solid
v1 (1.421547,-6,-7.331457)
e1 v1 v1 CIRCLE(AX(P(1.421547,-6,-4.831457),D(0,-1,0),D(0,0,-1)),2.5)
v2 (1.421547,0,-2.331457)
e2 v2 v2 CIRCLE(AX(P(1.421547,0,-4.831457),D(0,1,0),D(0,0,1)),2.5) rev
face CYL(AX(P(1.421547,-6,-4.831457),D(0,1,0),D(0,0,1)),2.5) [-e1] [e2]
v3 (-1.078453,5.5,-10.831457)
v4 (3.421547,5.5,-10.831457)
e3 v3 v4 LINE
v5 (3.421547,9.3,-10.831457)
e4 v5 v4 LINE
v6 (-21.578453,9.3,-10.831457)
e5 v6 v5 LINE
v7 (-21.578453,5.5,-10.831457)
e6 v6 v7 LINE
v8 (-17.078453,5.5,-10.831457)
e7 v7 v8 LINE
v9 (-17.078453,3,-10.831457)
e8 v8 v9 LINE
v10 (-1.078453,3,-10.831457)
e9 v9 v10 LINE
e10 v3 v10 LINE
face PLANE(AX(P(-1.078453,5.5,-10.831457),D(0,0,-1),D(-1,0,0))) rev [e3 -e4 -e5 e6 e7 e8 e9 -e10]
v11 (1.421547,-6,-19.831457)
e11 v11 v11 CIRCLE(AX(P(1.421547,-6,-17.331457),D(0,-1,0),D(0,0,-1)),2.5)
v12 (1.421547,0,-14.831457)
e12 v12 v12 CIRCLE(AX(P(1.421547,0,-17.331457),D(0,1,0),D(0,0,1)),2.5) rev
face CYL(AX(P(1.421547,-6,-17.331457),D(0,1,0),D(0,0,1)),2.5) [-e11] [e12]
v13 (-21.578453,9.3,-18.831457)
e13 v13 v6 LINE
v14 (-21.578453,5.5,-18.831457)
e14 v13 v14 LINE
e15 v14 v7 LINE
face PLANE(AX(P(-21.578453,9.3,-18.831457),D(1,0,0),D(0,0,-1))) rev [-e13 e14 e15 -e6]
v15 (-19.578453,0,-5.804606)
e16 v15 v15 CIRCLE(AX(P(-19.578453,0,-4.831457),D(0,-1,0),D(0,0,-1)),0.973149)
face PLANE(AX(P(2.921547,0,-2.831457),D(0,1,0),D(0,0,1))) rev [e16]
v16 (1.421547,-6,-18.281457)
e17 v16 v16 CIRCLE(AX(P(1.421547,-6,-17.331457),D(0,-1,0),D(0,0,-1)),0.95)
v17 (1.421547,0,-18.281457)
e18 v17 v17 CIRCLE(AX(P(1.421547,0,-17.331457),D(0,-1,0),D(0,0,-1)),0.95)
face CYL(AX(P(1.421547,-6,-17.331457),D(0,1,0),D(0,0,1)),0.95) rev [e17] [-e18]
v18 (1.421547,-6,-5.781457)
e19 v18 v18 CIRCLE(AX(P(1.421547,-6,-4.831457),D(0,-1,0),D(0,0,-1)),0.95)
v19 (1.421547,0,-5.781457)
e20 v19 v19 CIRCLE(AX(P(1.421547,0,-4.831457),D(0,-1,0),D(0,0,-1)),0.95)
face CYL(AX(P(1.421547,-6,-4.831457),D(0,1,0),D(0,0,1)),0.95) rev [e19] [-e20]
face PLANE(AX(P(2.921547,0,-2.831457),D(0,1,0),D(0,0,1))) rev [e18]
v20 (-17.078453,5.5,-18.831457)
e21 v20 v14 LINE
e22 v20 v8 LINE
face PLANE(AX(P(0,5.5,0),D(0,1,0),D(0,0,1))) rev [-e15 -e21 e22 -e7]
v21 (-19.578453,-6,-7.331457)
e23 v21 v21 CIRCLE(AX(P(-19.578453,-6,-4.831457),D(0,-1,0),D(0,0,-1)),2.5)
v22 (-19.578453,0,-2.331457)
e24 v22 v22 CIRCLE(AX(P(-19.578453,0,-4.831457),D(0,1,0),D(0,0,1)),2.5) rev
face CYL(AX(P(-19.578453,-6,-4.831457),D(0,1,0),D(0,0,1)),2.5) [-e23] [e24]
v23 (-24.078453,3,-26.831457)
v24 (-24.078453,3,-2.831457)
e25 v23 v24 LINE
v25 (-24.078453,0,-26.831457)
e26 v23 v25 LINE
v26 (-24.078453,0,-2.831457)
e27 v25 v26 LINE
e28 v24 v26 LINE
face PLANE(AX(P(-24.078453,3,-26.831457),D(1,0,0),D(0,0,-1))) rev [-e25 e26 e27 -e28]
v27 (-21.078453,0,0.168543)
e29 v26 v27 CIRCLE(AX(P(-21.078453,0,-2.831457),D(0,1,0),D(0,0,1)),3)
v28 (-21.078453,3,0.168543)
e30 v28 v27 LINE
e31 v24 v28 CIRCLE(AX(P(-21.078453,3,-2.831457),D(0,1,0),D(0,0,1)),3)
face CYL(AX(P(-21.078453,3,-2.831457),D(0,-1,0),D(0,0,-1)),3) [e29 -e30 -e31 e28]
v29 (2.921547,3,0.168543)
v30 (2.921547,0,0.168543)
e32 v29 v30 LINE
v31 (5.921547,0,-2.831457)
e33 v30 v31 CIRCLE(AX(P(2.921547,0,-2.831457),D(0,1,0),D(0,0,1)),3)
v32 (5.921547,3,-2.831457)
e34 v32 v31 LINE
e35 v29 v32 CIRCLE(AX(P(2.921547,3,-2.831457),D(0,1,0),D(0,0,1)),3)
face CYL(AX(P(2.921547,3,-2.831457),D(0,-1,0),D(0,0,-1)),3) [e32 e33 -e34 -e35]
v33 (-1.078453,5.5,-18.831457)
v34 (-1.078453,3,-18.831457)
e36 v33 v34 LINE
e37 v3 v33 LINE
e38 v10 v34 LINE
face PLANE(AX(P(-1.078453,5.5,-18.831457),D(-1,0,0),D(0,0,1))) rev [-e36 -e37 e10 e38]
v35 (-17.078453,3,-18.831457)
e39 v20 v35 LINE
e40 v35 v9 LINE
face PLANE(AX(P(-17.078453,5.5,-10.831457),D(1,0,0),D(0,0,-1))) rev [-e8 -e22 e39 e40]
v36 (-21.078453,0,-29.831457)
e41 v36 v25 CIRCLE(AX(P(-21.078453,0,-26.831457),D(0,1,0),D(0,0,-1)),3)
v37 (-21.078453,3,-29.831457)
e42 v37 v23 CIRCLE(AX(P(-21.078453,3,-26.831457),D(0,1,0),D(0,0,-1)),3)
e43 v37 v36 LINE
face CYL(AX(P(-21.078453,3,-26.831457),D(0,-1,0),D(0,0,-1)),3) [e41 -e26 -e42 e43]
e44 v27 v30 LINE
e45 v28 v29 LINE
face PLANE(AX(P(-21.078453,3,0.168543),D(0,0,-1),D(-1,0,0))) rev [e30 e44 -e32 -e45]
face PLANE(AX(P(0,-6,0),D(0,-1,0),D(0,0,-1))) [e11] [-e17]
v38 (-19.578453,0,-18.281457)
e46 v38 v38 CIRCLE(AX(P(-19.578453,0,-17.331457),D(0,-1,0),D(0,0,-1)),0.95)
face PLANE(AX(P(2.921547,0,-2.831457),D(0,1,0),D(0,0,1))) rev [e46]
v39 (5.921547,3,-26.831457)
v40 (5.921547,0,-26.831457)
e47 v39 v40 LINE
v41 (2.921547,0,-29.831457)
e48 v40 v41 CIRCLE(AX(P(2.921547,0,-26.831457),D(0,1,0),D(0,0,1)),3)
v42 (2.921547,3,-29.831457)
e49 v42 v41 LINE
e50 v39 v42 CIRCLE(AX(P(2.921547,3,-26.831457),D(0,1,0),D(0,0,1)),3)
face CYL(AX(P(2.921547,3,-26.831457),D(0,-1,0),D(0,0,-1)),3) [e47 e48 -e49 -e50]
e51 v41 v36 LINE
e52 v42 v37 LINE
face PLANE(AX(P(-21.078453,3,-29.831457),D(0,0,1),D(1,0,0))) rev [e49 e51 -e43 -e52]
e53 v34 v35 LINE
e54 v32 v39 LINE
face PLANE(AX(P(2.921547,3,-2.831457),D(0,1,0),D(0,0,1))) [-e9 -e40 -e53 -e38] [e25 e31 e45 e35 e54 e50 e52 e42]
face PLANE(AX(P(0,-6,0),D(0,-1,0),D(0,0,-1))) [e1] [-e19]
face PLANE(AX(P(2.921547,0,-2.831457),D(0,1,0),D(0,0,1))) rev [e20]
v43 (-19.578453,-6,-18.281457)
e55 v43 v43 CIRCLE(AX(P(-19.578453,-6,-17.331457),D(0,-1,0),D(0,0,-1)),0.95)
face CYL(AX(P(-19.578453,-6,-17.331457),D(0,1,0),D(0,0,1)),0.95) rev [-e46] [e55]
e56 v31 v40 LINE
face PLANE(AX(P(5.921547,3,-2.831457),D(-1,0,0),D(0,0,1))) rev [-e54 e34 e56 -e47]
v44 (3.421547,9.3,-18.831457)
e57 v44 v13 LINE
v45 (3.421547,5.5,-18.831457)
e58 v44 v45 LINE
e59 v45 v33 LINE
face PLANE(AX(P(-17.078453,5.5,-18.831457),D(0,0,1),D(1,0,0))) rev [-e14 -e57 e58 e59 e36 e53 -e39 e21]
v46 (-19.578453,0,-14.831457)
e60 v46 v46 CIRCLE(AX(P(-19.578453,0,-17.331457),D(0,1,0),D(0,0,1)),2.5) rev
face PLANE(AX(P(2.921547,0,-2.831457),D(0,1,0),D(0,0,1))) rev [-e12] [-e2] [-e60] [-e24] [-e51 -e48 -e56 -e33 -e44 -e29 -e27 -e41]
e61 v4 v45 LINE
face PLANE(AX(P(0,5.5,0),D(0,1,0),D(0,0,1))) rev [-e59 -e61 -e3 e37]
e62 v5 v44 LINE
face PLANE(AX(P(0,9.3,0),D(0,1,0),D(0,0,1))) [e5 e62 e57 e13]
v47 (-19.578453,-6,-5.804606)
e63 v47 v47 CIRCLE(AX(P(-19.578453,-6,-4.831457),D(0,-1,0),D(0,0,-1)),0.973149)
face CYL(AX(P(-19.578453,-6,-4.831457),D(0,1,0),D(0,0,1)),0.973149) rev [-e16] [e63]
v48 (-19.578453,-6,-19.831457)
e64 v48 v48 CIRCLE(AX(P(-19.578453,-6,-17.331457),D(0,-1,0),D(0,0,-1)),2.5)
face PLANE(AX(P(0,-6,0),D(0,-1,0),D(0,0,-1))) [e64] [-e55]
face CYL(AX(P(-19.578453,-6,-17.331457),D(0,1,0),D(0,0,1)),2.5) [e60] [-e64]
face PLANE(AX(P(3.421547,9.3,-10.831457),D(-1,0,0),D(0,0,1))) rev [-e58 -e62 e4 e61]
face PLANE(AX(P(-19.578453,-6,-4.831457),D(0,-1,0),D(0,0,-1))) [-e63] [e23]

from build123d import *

# Parameters (mm, degrees)
EXTRUDE_2_DEPTH = 3
SKETCH_4_R      = 2.5
SKETCH_4_R_2    = 0.95
SKETCH_4_R_3    = 0.973149492
EXTRUDE_5_DEPTH = 6
SKETCH_6_W      = 16
SKETCH_6_H      = 8
EXTRUDE_6_DEPTH = 2.5
EXTRUDE_7_DEPTH = 3.8


with BuildPart() as part:
    # Эскиз1 → Бобышка-Вытянуть2 (new body)
    with BuildSketch(Plane(origin=(0, 0, 0), x_dir=(1, 0, 0), z_dir=(0, 1, 0))):
        with BuildLine():
            Line((-21.078452696, 29.831456886), (2.921547304, 29.831456886))
            ThreePointArc((2.921547304, 29.831456886), (5.042867648, 28.95277723), (5.921547304, 26.831456886))
            Line((5.921547304, 26.831456886), (5.921547304, 2.831456886))
            ThreePointArc((5.921547304, 2.831456886), (5.042867648, 0.710136543), (2.921547304, -0.168543114))
            Line((2.921547304, -0.168543114), (-21.078452696, -0.168543114))
            ThreePointArc((-21.078452696, -0.168543114), (-23.19977304, 0.710136543), (-24.078452696, 2.831456886))
            Line((-24.078452696, 2.831456886), (-24.078452696, 26.831456886))
            ThreePointArc((-24.078452696, 26.831456886), (-23.19977304, 28.95277723), (-21.078452696, 29.831456886))
        make_face()
    extrude(amount=EXTRUDE_2_DEPTH)

    # Эскиз4 → Бобышка-Вытянуть5 (add)
    # profile 1 of 4: a face of its own
    with BuildSketch(Plane.XZ):
        with Locations(Location((1.421547304, -4.831456886, 0), (0, 0, 90))):
            Circle(SKETCH_4_R)
        with Locations(Location((1.421547304, -4.831456886, 0), (0, 0, 270))):
            Circle(SKETCH_4_R_2, mode=Mode.SUBTRACT)
    # profile 2 of 4: a face of its own
    with BuildSketch(Plane.XZ):
        with Locations(Location((-19.578452696, -4.831456886, 0), (0, 0, 90))):
            Circle(SKETCH_4_R)
        with Locations(Location((-19.578452696, -4.831456886, 0), (0, 0, 270))):
            Circle(SKETCH_4_R_3, mode=Mode.SUBTRACT)
    # profile 3 of 4: a face of its own
    with BuildSketch(Plane.XZ):
        with Locations(Location((1.421547304, -17.331456886, 0), (0, 0, 90))):
            Circle(SKETCH_4_R)
        with Locations(Location((1.421547304, -17.331456886, 0), (0, 0, 270))):
            Circle(SKETCH_4_R_2, mode=Mode.SUBTRACT)
    # profile 4 of 4: a face of its own
    with BuildSketch(Plane.XZ):
        with Locations(Location((-19.578452696, -17.331456886, 0), (0, 0, 90))):
            Circle(SKETCH_4_R)
        with Locations(Location((-19.578452696, -17.331456886, 0), (0, 0, 270))):
            Circle(SKETCH_4_R_2, mode=Mode.SUBTRACT)
    extrude(amount=EXTRUDE_5_DEPTH)

    # Эскиз6 → Бобышка-Вытянуть6 (add)
    with BuildSketch(Plane(origin=(0, 3, 0), x_dir=(1, 0, 0), z_dir=(0, 1, 0))):
        with Locations((-9.078452696, 14.831456886)):
            Rectangle(SKETCH_6_W, SKETCH_6_H)
    extrude(amount=EXTRUDE_6_DEPTH)

    # Эскиз7 → Бобышка-Вытянуть7 (add)
    with BuildSketch(Plane(origin=(0, 5.5, 0), x_dir=(1, 0, 0), z_dir=(0, 1, 0))):
        Polygon((-9.078452696, 18.831456886), (-21.578452696, 18.831456886), (-21.578452696, 10.831456886), (3.421547304, 10.831456886), (3.421547304, 18.831456886), align=None)
    extrude(amount=EXTRUDE_7_DEPTH)


solid = part.part
